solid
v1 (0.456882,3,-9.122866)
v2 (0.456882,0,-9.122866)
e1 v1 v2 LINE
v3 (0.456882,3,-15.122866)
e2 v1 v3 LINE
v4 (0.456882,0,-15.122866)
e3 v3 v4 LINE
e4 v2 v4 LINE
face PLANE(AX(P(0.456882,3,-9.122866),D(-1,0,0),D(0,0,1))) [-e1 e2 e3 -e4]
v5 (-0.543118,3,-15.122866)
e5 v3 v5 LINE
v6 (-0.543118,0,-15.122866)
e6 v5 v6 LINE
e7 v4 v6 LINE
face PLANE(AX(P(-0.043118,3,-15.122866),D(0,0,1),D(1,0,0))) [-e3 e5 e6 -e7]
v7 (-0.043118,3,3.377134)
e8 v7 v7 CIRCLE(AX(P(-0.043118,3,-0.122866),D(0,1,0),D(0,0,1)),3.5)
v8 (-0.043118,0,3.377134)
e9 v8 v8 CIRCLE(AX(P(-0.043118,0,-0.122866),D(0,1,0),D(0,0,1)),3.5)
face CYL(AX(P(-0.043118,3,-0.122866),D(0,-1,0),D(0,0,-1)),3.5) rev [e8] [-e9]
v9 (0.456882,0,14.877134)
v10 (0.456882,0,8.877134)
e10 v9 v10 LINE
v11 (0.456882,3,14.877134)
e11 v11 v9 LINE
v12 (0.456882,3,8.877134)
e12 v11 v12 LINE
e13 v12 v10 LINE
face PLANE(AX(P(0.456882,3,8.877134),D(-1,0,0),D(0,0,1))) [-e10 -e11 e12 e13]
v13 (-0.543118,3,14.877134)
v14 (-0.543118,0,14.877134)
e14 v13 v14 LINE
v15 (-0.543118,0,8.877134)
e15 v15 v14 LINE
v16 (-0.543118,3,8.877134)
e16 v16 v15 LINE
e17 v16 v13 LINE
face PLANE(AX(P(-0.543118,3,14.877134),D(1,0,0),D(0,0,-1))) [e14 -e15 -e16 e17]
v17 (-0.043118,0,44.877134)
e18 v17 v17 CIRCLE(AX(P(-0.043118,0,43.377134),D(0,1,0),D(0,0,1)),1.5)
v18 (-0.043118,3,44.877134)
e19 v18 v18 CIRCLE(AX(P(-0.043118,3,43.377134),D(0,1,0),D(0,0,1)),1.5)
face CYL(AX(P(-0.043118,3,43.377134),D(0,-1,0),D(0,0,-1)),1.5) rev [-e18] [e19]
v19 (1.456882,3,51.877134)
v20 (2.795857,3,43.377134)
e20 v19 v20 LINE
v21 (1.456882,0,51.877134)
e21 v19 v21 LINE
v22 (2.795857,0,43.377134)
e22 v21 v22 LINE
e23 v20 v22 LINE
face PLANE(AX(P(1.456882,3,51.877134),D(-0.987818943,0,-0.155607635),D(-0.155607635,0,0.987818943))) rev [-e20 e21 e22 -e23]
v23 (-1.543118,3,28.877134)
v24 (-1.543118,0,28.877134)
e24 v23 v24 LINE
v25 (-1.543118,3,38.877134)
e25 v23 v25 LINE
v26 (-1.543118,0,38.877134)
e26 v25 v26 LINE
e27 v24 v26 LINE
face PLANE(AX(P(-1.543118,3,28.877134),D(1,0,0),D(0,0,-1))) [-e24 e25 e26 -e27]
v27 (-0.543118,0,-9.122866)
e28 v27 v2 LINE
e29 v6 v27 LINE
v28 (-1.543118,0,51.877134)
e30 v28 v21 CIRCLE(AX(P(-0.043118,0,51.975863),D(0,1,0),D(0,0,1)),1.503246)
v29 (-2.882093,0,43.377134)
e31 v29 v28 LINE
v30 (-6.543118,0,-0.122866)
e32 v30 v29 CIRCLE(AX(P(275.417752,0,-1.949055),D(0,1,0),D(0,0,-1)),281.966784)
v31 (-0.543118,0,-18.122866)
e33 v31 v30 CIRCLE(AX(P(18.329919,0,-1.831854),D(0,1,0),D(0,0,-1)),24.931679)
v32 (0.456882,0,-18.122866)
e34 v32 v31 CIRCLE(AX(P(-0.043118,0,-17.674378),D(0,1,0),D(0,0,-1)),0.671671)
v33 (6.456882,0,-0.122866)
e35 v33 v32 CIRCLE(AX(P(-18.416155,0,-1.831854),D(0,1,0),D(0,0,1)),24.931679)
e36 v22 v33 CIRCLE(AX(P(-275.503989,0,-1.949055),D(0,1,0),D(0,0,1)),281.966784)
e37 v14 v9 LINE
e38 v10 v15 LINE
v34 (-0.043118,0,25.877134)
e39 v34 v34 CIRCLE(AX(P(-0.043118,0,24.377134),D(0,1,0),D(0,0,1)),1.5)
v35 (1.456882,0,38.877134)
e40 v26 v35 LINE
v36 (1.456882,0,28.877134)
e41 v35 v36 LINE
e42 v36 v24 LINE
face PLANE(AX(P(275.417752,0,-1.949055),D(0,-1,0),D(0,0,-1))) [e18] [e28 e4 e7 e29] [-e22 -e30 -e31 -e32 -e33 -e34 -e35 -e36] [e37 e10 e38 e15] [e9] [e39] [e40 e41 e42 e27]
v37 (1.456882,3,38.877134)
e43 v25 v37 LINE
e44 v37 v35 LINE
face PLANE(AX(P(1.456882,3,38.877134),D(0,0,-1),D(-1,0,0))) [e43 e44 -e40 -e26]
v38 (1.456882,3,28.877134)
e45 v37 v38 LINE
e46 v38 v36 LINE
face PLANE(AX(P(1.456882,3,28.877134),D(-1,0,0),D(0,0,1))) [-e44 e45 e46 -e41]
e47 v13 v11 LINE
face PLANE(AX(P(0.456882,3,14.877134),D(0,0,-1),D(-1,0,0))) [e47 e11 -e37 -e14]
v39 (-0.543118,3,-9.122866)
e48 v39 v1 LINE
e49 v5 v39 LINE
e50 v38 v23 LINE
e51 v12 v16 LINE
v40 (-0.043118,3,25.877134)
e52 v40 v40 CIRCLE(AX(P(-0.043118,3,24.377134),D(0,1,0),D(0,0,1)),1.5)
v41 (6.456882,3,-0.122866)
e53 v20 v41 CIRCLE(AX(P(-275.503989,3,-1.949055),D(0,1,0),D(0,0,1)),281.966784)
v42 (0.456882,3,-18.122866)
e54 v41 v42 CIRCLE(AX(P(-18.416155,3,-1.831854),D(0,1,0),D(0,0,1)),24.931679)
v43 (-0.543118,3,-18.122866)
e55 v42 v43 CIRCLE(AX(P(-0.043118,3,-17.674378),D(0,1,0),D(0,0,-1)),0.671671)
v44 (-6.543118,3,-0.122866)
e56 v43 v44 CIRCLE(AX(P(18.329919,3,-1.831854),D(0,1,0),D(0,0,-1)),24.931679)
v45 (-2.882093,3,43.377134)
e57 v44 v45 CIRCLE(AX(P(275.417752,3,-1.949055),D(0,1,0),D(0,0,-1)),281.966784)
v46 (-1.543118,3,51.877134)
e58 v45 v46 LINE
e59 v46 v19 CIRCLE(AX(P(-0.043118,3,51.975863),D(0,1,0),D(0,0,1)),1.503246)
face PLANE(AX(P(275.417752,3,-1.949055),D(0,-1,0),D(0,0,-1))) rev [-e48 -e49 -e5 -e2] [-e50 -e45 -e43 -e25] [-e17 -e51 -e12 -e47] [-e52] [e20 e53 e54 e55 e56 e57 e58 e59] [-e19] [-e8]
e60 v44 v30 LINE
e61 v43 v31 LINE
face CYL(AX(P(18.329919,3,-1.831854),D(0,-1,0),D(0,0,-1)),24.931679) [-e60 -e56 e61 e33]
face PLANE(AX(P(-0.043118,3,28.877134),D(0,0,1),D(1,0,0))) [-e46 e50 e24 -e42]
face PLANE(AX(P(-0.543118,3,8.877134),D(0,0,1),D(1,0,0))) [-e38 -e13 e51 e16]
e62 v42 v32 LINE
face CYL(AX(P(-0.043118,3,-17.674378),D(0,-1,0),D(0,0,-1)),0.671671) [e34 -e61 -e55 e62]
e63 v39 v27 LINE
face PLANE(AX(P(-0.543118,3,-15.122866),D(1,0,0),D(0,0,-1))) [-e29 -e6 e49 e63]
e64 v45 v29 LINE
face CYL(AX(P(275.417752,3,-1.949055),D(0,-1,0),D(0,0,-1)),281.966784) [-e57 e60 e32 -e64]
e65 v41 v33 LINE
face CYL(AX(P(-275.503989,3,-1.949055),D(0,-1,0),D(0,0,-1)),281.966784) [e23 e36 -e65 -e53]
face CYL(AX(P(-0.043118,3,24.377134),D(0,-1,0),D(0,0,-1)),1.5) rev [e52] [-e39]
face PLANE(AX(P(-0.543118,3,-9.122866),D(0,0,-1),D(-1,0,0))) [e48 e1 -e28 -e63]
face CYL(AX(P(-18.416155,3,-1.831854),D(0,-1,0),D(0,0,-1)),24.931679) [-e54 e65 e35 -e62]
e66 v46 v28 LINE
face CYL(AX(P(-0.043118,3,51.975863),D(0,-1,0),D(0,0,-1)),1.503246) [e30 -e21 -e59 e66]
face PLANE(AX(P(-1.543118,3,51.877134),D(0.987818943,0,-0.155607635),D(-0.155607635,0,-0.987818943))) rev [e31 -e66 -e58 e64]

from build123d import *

# Parameters (mm, degrees)
ESBO_O1_R                = 3.5
ESBO_O1_R_2              = 1.5
RESSALTO_EXTRUS_O1_DEPTH = 3


with BuildPart() as part:
    # Esboço1 → Ressalto-extrusão1 (new body)
    with BuildSketch(Plane(origin=(0, 0, 0), x_dir=(1, 0, 0), z_dir=(0, 1, 0))):
        with BuildLine():
            Line((-1.543118166, -51.877133975), (-2.882093194, -43.377133975))
            ThreePointArc((-2.882093194, -43.377133975), (-5.555698335, -21.698089912), (-6.543118166, 0.122866025))
            ThreePointArc((-6.543118166, 0.122866025), (-5.322348439, 9.715942783), (-0.543118166, 18.122866025))
            ThreePointArc((-0.543118166, 18.122866025), (-0.043118166, 18.346048676), (0.456881834, 18.122866025))
            ThreePointArc((0.456881834, 18.122866025), (5.236112108, 9.715942783), (6.456881834, 0.122866025))
            ThreePointArc((6.456881834, 0.122866025), (5.469462003, -21.698089912), (2.795856862, -43.377133975))
            Line((2.795856862, -43.377133975), (1.456881834, -51.877133975))
            ThreePointArc((1.456881834, -51.877133975), (-0.043118166, -53.479108362), (-1.543118166, -51.877133975))
        make_face()
        with Locations(Location((-0.043118166, 0.122866025, 0), (0, 0, 270))):
            Circle(ESBO_O1_R, mode=Mode.SUBTRACT)
        with Locations(Location((-0.043118166, -24.377133975, 0), (0, 0, 270))):
            Circle(ESBO_O1_R_2, mode=Mode.SUBTRACT)
        with Locations(Location((-0.043118166, -43.377133975, 0), (0, 0, 270))):
            Circle(ESBO_O1_R_2, mode=Mode.SUBTRACT)
        Polygon((-0.043118166, -14.877133975), (-0.543118166, -14.877133975), (-0.543118166, -8.877133975), (0.456881834, -8.877133975), (0.456881834, -14.877133975), align=None, mode=Mode.SUBTRACT)
        Polygon((0.456881834, 15.122866025), (-0.043118166, 15.122866025), (-0.543118166, 15.122866025), (-0.543118166, 9.122866025), (0.456881834, 9.122866025), align=None, mode=Mode.SUBTRACT)
        Polygon((-0.043118166, -28.877133975), (1.456881834, -28.877133975), (1.456881834, -38.877133975), (-0.043118166, -38.877133975), (-1.543118166, -38.877133975), (-1.543118166, -28.877133975), align=None, mode=Mode.SUBTRACT)
    extrude(amount=RESSALTO_EXTRUS_O1_DEPTH)


solid = part.part
